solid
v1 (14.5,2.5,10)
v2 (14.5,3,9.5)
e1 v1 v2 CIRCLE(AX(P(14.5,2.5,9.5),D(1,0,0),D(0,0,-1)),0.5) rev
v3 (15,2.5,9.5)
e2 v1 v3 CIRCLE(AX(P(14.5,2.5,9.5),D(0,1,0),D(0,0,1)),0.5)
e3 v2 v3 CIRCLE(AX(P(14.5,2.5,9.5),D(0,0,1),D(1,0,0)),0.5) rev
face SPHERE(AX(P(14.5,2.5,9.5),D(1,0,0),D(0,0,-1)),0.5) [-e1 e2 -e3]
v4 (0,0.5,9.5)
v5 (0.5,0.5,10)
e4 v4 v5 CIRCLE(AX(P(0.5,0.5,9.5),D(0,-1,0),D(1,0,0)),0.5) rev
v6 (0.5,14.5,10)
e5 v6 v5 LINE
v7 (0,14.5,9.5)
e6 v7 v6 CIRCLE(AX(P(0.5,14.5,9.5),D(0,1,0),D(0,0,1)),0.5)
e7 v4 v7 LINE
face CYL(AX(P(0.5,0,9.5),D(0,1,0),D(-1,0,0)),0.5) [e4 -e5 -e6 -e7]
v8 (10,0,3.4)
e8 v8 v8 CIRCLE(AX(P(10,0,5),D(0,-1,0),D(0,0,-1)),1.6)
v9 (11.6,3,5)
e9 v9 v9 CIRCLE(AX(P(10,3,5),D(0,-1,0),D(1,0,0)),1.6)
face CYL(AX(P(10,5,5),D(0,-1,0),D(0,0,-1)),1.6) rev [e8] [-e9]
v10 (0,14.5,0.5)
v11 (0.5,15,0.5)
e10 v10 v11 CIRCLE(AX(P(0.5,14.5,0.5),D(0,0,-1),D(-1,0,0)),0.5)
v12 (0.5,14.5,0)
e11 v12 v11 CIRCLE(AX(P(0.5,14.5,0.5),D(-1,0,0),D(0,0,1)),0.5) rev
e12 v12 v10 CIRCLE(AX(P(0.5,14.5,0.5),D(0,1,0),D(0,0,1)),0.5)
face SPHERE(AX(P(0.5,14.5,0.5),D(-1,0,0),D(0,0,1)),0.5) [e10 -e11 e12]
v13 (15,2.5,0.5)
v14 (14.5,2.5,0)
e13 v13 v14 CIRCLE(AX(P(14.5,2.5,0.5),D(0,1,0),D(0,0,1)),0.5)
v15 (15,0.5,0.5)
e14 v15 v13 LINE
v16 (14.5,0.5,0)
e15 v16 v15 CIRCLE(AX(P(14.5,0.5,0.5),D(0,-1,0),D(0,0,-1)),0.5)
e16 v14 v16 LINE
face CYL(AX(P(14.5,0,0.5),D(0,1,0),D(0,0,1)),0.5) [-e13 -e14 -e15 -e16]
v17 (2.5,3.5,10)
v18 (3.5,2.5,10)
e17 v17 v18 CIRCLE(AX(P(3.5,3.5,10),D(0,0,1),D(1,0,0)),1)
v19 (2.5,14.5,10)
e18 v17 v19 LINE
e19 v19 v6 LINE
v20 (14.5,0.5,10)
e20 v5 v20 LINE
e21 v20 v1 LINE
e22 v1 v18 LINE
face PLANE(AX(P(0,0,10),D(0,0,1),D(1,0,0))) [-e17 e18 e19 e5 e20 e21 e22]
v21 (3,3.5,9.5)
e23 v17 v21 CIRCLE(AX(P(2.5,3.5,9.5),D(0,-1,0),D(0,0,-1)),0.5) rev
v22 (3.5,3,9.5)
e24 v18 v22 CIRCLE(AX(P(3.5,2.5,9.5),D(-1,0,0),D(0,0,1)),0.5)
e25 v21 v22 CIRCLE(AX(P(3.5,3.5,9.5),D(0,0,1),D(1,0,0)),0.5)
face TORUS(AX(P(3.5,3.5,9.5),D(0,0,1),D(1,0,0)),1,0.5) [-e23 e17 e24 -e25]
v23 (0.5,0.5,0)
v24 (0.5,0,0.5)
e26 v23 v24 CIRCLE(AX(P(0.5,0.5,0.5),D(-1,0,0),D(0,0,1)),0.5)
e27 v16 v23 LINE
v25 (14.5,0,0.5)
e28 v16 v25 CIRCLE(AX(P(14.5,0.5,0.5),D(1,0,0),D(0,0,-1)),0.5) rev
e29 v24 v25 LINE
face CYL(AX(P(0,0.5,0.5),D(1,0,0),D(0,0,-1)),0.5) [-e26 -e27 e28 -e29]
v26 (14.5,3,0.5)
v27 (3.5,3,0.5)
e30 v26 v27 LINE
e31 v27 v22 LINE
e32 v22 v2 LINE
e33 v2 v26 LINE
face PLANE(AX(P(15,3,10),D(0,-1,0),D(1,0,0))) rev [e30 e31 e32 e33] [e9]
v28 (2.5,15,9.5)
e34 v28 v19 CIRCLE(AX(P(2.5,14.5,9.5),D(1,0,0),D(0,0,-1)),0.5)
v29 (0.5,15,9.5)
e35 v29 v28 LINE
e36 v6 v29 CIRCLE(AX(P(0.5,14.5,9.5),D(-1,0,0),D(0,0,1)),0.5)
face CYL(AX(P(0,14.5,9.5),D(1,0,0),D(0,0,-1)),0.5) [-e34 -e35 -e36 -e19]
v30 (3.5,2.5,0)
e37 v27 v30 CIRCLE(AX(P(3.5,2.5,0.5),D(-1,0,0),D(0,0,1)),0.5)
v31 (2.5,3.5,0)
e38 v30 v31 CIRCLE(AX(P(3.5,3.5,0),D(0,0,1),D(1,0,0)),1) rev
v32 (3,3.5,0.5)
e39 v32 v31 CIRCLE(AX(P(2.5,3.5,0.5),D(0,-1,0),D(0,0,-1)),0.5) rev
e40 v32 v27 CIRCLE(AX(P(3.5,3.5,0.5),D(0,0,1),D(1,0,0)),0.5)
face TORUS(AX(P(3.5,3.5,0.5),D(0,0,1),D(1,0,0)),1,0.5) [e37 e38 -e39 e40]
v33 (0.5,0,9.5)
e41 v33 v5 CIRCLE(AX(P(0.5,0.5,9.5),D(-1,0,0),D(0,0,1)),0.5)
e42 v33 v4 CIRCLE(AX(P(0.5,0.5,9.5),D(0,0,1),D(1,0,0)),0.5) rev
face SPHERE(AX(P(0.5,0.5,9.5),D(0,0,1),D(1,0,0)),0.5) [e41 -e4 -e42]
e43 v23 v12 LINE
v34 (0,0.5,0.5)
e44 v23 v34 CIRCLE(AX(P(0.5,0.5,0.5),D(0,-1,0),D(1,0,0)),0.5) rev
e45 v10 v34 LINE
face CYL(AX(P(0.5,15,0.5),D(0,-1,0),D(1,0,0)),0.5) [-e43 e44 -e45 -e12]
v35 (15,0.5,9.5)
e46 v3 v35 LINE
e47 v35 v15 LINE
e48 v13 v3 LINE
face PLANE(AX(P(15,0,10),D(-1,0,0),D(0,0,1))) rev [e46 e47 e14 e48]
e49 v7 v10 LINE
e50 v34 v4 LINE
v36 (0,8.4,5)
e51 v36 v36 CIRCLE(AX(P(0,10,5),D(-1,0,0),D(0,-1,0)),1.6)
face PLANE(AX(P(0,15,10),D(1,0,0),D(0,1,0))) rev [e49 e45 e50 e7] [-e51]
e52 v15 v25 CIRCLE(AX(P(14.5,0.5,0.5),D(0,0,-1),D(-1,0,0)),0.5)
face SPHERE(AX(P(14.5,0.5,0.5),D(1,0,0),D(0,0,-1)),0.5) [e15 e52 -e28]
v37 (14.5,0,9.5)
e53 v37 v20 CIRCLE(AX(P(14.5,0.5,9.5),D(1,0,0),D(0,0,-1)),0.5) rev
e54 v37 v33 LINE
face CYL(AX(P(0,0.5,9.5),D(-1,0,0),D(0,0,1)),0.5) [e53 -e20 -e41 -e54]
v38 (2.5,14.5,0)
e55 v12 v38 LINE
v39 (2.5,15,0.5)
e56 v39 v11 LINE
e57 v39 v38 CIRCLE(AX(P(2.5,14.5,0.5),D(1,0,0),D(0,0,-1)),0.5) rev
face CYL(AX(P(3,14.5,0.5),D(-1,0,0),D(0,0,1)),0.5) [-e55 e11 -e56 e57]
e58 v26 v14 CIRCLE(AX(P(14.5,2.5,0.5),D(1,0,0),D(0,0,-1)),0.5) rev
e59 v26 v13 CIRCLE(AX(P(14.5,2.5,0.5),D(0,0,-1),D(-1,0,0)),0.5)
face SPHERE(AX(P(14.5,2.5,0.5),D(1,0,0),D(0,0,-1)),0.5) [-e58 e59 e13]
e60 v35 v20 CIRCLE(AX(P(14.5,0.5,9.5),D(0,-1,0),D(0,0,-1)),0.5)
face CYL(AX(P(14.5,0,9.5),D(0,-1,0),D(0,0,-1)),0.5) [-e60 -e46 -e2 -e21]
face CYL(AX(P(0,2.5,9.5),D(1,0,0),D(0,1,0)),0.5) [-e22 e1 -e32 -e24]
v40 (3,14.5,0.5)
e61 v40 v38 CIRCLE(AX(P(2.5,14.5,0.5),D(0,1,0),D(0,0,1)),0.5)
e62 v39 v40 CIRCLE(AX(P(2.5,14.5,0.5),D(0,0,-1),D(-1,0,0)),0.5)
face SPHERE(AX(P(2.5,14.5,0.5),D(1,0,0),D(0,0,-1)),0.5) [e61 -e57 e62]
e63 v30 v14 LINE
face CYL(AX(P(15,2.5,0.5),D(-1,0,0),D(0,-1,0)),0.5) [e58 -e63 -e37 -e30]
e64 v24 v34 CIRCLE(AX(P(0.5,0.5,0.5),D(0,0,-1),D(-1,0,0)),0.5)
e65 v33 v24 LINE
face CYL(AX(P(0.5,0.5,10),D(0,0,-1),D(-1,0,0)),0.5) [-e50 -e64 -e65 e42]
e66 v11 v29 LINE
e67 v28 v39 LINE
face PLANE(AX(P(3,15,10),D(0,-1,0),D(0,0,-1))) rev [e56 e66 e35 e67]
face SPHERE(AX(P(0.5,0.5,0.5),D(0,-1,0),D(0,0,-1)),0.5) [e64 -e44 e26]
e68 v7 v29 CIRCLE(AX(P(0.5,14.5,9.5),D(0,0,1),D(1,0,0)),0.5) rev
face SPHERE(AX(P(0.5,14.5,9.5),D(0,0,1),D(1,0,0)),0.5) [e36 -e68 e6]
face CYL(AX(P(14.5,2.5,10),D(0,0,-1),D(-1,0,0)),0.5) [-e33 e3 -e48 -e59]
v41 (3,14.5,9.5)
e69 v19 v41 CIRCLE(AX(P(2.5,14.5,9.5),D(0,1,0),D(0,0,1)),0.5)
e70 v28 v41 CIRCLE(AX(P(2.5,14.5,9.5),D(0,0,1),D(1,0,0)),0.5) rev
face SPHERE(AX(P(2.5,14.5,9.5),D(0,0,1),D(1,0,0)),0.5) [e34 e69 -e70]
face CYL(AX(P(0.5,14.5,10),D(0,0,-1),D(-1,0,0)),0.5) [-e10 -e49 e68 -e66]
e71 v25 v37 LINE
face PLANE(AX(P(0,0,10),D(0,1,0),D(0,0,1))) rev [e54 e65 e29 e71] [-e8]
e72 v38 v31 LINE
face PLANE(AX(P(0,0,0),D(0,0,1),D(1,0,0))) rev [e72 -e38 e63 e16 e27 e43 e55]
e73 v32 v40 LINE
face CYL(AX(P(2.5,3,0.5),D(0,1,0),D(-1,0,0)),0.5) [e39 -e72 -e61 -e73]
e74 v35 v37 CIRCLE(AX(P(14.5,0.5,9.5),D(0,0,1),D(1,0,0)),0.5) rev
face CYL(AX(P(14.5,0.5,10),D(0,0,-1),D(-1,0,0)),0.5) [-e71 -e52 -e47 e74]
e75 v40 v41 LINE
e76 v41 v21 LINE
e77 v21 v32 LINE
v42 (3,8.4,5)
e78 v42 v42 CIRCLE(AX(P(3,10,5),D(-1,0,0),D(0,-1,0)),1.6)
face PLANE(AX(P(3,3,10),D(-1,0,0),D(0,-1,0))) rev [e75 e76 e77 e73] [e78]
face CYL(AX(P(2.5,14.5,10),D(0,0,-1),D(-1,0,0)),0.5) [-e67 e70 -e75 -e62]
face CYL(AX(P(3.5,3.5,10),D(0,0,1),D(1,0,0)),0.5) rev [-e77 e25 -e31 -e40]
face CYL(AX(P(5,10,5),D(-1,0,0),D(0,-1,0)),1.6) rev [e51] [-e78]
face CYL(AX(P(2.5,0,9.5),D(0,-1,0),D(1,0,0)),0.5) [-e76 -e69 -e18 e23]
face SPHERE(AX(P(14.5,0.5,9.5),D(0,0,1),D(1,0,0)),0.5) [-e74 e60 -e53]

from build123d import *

# Parameters (mm, degrees)
EXTRUDE_1_DEPTH     = 10
SKETCH_3_R          = 1.6
CUT_EXTRUDE_1_DEPTH = 5
SKETCH_2_R          = 1.6
CUT_EXTRUDE_2_DEPTH = 5
FILLET_1_R          = 0.5


with BuildPart() as part:
    # Sketch 1 → 凸台-拉伸1 (new body)
    with BuildSketch(Plane.XY):
        Polygon((0, 15), (0, 0), (15, 0), (15, 3), (3, 3), (3, 15), align=None)
    extrude(amount=EXTRUDE_1_DEPTH)

    # 草图3 → 切除-拉伸1 (cut)
    with BuildSketch(Plane.XZ):
        with Locations(Location((10, 5, 0), (0, 0, 270))):
            Circle(SKETCH_3_R)
    extrude(amount=-CUT_EXTRUDE_1_DEPTH, mode=Mode.SUBTRACT)

    # Sketch 2 → 切除-拉伸2 (cut)
    with BuildSketch(Plane.ZY):
        with Locations(Location((5, 10, 0), (0, 0, 270))):
            Circle(SKETCH_2_R)
    extrude(amount=-CUT_EXTRUDE_2_DEPTH, mode=Mode.SUBTRACT)

    # 圆角1
    fillet_1_edges = [part.edges().sort_by_distance(p)[0] for p in [
        (3, 15, 5),
        (3, 3, 5),
        (15, 3, 5),
        (15, 0, 5),
        (0, 0, 5),
        (0, 15, 5),
        (7.5, 0, 10),
        (15, 1.5, 10),
        (9, 3, 10),
        (3, 9, 10),
        (1.5, 15, 10),
        (3, 9, 0),
        (9, 3, 0),
        (15, 1.5, 0),
        (7.5, 0, 0),
        (0, 7.5, 0),
        (1.5, 15, 0),
        (0, 7.5, 10),
    ]]
    fillet(fillet_1_edges, radius=FILLET_1_R)


solid = part.part
